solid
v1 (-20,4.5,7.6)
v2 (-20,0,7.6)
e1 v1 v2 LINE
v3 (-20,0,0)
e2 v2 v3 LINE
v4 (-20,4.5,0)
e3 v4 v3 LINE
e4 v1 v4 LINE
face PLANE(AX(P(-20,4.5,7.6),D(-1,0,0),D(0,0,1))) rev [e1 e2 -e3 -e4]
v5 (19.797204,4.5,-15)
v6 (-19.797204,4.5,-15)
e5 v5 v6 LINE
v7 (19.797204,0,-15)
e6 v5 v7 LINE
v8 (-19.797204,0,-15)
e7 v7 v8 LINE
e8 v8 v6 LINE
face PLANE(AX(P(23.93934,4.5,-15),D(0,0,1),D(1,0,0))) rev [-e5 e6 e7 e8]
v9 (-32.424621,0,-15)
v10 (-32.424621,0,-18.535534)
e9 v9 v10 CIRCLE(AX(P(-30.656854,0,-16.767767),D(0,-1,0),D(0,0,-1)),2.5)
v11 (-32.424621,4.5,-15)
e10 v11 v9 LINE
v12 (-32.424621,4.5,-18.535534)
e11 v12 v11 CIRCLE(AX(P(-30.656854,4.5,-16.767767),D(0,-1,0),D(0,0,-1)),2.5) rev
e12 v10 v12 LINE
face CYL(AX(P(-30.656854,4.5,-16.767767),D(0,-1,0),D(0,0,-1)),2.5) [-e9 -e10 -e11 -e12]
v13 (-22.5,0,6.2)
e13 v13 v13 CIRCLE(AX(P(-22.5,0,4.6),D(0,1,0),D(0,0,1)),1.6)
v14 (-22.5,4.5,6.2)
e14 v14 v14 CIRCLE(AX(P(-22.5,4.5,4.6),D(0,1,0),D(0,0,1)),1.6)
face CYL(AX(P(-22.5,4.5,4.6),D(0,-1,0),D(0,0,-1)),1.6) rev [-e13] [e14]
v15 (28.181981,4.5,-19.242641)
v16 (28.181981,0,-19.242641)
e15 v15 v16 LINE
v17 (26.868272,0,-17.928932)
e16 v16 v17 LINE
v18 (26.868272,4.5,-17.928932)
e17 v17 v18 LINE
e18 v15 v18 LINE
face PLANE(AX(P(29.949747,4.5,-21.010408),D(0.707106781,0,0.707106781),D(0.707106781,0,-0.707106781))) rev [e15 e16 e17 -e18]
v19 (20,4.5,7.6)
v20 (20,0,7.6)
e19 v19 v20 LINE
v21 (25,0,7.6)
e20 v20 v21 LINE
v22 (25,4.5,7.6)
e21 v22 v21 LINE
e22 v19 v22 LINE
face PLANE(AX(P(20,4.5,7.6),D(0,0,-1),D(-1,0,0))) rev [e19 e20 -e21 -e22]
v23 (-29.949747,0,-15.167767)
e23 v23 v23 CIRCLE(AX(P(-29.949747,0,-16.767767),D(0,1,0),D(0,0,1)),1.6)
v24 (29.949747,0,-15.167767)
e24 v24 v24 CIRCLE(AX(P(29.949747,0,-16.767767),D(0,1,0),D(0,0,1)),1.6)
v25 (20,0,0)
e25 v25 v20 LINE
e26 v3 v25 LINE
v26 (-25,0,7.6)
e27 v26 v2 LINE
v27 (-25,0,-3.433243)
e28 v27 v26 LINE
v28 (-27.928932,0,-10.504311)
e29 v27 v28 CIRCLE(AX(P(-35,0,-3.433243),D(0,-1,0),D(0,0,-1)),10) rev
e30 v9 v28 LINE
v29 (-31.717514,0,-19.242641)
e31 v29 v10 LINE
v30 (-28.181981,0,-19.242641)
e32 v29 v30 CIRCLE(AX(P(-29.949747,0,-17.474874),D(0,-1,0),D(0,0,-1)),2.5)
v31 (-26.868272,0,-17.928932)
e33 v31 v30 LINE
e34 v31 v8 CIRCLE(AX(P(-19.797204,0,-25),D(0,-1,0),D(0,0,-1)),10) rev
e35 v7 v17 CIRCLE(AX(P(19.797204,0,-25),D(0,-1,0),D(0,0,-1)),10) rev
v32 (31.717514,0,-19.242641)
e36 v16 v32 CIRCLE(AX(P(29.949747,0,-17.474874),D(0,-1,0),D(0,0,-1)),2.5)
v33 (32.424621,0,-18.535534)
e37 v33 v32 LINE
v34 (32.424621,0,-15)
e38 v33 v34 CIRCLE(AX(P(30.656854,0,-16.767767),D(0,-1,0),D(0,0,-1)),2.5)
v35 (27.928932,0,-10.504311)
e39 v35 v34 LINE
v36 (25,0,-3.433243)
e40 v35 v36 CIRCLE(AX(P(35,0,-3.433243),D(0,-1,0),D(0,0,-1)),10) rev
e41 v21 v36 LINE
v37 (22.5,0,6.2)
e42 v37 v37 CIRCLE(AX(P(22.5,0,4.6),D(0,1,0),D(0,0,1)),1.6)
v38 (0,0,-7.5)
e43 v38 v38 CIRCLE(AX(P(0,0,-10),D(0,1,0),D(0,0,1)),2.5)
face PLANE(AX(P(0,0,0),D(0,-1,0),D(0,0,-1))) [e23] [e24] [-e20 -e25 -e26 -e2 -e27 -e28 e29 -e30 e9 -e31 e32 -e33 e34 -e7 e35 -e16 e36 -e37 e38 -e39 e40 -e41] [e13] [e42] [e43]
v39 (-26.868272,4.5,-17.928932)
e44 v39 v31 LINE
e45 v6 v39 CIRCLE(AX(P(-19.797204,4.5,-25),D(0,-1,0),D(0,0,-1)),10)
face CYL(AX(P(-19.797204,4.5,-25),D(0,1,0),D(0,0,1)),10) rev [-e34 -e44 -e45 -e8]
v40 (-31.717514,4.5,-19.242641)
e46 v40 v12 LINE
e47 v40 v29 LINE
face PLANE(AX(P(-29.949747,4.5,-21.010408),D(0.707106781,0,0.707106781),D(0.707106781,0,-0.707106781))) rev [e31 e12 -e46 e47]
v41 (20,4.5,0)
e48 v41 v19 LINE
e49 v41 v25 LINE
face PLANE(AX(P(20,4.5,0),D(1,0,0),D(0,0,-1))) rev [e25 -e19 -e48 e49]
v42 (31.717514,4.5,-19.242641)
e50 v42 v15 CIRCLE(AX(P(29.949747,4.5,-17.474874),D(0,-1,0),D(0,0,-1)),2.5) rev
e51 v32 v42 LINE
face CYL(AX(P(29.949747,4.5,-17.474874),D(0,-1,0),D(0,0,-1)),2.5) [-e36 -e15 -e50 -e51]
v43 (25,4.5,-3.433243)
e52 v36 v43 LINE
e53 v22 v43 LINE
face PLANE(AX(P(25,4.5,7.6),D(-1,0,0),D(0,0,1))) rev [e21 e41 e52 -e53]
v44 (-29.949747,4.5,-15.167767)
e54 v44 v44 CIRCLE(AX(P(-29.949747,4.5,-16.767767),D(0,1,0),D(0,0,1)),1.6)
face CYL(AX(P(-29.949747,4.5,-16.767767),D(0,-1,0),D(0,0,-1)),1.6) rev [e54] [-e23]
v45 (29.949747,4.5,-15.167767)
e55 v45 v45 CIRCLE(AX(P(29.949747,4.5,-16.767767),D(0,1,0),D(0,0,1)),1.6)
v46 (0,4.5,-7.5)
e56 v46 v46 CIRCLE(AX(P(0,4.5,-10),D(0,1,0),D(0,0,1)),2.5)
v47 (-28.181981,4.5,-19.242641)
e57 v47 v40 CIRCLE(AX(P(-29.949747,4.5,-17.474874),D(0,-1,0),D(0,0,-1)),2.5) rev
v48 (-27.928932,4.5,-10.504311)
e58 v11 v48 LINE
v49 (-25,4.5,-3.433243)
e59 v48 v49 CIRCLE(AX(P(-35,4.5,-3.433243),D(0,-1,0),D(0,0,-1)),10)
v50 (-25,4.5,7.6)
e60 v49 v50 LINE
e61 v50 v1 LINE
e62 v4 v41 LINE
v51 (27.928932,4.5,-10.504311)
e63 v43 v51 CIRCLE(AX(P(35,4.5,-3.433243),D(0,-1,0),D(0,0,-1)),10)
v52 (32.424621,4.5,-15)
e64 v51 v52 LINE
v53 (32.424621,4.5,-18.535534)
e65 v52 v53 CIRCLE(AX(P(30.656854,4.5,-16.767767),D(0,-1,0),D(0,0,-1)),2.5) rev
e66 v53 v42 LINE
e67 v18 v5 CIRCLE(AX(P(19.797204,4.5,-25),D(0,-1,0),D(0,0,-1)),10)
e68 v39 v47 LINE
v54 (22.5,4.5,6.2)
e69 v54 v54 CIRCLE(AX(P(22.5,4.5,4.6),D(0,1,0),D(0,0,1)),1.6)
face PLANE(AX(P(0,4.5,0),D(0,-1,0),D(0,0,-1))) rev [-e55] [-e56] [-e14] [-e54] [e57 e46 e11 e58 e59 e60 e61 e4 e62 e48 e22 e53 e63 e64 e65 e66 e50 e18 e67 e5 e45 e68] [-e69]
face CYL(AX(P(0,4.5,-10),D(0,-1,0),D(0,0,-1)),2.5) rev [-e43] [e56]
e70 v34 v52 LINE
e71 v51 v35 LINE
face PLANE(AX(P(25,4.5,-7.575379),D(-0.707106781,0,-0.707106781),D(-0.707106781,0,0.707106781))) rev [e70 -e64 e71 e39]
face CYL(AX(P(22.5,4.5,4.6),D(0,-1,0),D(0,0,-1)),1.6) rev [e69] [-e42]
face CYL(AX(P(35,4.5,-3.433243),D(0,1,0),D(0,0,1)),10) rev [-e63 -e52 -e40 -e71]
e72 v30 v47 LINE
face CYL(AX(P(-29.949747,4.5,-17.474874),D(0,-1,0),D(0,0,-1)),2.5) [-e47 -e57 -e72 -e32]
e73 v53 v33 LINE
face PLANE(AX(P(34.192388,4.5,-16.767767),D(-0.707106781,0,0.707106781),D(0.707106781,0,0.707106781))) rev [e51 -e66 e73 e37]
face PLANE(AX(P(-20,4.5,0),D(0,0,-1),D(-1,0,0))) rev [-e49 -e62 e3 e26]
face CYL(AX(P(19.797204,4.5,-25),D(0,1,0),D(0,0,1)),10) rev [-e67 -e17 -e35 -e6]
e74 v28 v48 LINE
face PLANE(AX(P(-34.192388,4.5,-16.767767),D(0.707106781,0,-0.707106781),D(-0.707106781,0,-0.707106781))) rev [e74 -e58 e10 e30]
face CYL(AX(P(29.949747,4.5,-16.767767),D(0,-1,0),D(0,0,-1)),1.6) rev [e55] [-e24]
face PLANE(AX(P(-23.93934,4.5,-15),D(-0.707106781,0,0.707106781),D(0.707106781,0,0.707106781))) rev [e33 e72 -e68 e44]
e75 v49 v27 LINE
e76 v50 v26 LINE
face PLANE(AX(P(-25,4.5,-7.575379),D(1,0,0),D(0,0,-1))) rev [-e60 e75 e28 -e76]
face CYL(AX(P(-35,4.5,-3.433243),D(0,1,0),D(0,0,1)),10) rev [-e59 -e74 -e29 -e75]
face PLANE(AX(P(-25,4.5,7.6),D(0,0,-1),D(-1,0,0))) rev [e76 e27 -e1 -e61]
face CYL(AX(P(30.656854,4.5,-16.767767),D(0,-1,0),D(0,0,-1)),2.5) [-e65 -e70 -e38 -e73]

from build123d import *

# Parameters (mm, degrees)
SKETCH1_R           = 1.6
SKETCH1_R_2         = 2.5
BOSS_EXTRUDE1_DEPTH = 4.5
FILLET1_R           = 10
FILLET2_R           = 2.5


with BuildPart() as part:
    # Sketch1 → Boss-Extrude1 (new body)
    with BuildSketch(Plane(origin=(0, 0, 0), x_dir=(1, 0, 0), z_dir=(0, 1, 0))):
        Polygon((-20, 0), (20, 0), (20, -7.6), (25, -7.6), (25, 7.575378798), (34.192388155, 16.767766953), (29.949747468, 21.01040764), (23.939339828, 15), (-23.939339828, 15), (-29.949747468, 21.01040764), (-34.192388155, 16.767766953), (-25, 7.575378798), (-25, -7.6), (-20, -7.6), align=None)
        with Locations((-22.5, -4.6)):
            Circle(SKETCH1_R, mode=Mode.SUBTRACT)
        with Locations((22.5, -4.6)):
            Circle(SKETCH1_R, mode=Mode.SUBTRACT)
        with Locations((-29.949747468, 16.767766953)):
            Circle(SKETCH1_R, mode=Mode.SUBTRACT)
        with Locations((29.949747468, 16.767766953)):
            Circle(SKETCH1_R, mode=Mode.SUBTRACT)
        with Locations((0, 10)):
            Circle(SKETCH1_R_2, mode=Mode.SUBTRACT)
    extrude(amount=BOSS_EXTRUDE1_DEPTH)

    # Fillet1
    fillet1_edges = [part.edges().sort_by_distance(p)[0] for p in [
        (-25, 2.25, -7.575378798),
        (-23.939339828, 2.25, -15),
        (23.939339828, 2.25, -15),
        (25, 2.25, -7.575378798),
    ]]
    fillet(fillet1_edges, radius=FILLET1_R)

    # Fillet2
    fillet2_edges = [part.edges().sort_by_distance(p)[0] for p in [
        (-34.192388155, 2.25, -16.767766953),
        (-29.949747468, 2.25, -21.01040764),
        (29.949747468, 2.25, -21.01040764),
        (34.192388155, 2.25, -16.767766953),
    ]]
    fillet(fillet2_edges, radius=FILLET2_R)


solid = part.part
